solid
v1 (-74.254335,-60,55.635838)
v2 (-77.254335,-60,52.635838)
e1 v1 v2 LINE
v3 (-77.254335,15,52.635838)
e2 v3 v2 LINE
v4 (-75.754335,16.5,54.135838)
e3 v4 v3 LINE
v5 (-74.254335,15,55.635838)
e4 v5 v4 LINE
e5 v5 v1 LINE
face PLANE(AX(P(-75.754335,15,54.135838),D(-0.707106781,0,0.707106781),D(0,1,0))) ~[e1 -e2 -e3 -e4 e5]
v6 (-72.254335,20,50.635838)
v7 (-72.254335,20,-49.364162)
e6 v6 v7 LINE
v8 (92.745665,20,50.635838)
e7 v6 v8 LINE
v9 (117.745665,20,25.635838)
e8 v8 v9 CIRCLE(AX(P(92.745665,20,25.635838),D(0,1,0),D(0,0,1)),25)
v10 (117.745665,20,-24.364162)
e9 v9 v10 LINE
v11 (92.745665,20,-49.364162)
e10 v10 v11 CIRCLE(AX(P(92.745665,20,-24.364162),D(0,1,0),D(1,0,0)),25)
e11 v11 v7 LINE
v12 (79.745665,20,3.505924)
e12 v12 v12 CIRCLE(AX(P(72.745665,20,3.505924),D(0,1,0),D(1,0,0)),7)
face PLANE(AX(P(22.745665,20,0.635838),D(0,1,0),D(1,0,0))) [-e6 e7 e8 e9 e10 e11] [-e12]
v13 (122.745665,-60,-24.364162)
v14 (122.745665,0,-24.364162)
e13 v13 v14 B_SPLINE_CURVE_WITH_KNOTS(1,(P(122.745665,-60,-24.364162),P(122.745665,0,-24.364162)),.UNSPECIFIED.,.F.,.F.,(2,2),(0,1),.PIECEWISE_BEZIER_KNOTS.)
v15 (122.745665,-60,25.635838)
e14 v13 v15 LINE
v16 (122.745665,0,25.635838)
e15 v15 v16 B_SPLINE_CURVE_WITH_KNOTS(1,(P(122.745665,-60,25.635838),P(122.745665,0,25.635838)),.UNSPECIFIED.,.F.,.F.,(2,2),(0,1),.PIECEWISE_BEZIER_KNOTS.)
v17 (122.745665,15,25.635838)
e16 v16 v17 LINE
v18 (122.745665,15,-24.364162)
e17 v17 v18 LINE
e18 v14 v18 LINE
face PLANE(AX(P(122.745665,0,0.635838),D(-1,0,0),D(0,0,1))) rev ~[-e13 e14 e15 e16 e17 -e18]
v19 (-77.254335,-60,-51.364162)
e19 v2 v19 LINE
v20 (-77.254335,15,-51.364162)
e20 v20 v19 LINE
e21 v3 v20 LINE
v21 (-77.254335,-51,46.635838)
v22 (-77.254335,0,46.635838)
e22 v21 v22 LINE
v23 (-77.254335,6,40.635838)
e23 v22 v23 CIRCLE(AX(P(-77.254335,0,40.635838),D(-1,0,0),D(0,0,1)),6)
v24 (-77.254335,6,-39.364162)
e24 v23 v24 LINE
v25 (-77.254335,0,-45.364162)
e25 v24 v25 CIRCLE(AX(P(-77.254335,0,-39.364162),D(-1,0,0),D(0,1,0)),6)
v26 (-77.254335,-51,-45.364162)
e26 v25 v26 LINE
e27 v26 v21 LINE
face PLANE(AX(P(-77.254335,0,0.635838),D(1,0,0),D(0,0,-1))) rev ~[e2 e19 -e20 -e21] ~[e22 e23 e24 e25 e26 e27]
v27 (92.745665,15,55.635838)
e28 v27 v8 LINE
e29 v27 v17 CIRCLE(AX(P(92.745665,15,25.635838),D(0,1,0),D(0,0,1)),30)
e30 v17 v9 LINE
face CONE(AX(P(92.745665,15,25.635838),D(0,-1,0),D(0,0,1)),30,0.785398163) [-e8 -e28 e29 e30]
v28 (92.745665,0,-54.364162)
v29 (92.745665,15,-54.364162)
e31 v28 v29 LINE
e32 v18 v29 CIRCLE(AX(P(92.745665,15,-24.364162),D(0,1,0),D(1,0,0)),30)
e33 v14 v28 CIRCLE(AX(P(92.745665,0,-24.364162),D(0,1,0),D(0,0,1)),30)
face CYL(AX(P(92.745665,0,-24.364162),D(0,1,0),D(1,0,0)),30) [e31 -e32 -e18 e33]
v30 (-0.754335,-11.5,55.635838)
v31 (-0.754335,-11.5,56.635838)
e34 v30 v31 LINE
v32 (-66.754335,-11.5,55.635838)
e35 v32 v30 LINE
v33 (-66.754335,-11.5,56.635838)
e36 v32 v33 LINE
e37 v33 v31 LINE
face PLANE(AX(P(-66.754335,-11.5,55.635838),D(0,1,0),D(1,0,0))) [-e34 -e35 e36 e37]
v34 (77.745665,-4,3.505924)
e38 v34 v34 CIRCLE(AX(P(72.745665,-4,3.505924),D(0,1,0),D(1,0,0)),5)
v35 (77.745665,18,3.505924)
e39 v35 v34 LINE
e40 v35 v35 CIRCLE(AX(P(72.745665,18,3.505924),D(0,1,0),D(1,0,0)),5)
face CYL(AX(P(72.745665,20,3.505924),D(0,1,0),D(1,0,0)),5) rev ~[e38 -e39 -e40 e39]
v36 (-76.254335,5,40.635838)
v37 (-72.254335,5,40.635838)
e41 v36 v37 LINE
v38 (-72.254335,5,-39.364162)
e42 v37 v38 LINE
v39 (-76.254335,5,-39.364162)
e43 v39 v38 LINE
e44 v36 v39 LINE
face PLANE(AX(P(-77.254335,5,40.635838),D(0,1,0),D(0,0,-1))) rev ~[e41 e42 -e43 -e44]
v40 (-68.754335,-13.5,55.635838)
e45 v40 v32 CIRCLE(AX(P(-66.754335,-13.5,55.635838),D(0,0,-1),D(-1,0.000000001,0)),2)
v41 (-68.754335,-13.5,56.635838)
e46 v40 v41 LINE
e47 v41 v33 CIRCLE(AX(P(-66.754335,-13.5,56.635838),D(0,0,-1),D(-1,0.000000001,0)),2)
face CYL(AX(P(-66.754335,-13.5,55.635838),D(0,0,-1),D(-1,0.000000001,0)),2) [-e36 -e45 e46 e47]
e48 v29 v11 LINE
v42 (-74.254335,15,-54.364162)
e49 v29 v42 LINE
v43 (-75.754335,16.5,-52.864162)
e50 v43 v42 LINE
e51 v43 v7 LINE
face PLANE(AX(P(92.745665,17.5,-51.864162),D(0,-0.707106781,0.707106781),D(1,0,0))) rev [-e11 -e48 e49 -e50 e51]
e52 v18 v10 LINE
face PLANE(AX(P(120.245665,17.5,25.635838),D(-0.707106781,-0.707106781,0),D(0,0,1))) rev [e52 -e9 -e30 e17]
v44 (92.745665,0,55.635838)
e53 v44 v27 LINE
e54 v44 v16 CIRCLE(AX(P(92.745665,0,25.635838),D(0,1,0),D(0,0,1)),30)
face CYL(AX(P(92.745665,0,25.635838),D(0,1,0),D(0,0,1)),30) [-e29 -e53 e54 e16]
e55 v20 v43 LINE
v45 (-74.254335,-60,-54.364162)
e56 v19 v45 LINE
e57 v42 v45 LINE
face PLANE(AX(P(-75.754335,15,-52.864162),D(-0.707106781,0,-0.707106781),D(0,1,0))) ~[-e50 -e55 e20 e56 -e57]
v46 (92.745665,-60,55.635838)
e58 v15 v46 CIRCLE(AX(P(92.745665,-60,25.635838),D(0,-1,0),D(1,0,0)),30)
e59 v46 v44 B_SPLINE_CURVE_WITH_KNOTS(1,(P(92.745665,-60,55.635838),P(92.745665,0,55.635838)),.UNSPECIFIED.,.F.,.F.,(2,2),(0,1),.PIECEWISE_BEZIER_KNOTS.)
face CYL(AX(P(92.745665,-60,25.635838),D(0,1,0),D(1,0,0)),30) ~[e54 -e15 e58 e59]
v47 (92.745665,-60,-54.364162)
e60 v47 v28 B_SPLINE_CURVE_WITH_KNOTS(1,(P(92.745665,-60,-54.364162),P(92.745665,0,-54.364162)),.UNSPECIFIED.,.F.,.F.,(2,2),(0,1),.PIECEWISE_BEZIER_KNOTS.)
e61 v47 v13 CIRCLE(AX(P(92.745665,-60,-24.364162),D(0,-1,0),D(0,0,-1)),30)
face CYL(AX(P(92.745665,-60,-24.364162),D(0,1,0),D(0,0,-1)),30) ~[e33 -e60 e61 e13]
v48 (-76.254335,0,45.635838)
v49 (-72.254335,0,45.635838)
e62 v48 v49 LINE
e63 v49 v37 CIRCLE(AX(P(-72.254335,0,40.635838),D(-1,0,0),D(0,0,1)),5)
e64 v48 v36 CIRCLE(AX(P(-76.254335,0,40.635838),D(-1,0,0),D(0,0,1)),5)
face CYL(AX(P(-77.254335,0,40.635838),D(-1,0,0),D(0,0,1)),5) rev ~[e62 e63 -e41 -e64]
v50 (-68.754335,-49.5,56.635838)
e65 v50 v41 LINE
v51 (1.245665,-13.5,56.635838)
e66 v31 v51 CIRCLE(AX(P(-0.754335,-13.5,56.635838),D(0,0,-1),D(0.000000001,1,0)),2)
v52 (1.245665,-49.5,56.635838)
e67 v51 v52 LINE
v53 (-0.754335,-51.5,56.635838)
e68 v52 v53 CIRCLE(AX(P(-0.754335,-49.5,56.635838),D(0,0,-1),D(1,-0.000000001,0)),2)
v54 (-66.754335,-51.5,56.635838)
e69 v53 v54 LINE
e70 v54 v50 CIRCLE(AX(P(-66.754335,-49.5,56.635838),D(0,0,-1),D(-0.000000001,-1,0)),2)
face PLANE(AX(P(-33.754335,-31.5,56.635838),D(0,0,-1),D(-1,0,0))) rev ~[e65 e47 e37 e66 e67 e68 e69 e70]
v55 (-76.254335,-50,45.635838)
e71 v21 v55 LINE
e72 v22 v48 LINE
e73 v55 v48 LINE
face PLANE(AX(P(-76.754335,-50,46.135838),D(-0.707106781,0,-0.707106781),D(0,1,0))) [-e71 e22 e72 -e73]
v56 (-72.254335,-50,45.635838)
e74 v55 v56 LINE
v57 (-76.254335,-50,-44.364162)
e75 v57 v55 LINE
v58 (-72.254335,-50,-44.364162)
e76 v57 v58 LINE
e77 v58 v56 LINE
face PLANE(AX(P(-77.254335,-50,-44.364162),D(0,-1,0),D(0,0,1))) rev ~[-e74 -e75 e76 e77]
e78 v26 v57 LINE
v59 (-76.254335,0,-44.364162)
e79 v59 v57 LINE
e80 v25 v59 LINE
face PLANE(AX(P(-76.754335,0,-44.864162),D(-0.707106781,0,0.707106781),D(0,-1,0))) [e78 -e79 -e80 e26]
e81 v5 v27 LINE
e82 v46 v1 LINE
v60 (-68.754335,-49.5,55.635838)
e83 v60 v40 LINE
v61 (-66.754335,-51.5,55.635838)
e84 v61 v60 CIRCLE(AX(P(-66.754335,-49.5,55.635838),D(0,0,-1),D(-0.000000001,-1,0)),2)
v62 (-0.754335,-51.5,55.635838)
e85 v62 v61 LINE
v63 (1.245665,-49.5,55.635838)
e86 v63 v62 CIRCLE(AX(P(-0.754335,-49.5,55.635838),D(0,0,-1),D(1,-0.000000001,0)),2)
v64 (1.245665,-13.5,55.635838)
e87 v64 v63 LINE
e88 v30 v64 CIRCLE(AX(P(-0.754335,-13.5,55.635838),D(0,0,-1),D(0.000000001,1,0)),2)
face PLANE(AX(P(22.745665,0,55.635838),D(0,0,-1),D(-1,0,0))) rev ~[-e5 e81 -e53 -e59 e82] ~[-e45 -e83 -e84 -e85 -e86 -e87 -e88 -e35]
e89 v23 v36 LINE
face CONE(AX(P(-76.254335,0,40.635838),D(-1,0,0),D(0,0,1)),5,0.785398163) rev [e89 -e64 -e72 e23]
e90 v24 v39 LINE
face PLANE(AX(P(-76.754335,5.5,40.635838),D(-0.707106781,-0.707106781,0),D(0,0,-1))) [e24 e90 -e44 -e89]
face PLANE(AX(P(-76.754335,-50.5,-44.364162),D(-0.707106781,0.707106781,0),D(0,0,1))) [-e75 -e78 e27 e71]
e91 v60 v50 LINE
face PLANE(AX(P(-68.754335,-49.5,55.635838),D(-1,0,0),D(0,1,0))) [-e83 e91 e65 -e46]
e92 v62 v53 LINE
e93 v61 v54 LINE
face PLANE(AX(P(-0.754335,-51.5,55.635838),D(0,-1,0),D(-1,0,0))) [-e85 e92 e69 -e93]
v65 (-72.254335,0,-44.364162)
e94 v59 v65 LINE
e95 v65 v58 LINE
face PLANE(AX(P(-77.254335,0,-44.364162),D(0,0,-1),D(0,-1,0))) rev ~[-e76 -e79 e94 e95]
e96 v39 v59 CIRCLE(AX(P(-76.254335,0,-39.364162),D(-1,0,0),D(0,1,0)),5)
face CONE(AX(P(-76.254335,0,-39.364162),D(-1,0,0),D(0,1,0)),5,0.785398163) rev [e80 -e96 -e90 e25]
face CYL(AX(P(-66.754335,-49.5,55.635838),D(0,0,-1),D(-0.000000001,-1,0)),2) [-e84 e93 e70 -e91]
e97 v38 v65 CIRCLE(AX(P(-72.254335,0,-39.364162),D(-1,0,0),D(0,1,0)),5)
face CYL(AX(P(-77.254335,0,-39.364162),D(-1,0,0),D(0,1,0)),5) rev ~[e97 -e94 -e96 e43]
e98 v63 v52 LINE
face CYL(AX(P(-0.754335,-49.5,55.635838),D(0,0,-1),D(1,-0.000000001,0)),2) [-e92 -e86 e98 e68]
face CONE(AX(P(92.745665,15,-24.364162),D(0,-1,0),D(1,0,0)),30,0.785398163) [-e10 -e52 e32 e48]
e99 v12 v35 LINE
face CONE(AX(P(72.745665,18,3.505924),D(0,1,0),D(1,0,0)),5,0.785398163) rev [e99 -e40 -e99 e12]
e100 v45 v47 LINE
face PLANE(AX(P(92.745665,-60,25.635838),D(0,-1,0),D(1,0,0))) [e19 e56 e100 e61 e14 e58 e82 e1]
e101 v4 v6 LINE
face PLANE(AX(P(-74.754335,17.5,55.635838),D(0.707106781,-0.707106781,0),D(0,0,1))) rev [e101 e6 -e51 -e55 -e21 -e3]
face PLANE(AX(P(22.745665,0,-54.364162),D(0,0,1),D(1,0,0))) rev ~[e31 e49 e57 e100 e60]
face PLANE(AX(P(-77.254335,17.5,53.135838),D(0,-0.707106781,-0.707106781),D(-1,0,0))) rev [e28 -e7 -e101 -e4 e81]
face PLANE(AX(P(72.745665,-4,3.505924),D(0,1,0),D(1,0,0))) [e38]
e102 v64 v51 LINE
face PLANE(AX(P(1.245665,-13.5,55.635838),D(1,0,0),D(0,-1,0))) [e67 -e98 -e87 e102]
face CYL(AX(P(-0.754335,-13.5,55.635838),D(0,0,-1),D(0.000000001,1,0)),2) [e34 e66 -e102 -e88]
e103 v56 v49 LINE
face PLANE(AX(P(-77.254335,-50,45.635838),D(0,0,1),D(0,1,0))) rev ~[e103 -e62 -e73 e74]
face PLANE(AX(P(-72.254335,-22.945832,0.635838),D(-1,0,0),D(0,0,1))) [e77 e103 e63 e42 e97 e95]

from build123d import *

# Parameters (mm, degrees)
SKETCH1_W           = 200
SKETCH1_H           = 110
BOSS_EXTRUDE1_DEPTH = 20
FILLET2_R           = 30
SKETCH2_R           = 5
CUT_EXTRUDE1_DEPTH  = 24
CHAMFER1_SIZE       = 5
BOSS_EXTRUDE2_DEPTH = 1
CUT_EXTRUDE2_DEPTH  = 5
CHAMFER2_SIZE       = 1
CHAMFER3_SIZE       = 2
CHAMFER4_SIZE       = 3


with BuildPart() as part:
    # Sketch1 → Boss-Extrude1 (new body)
    with BuildSketch(Plane(origin=(0, 0, 0), x_dir=(1, 0, 0), z_dir=(0, 1, 0))):
        with Locations((22.74566474, -0.63583815)):
            Rectangle(SKETCH1_W, SKETCH1_H)
    extrude(amount=BOSS_EXTRUDE1_DEPTH)

    # Fillet2
    fillet2_edges = [part.edges().sort_by_distance(p)[0] for p in [
        (122.74566474, 10, -54.36416185),
        (122.74566474, 10, 55.63583815),
    ]]
    fillet(fillet2_edges, radius=FILLET2_R)

    # Sketch4 → section 0 of loft1
    with BuildSketch(Plane(origin=(0, -60, 0), x_dir=(-1, 0, 0), z_dir=(0, -1, 0)), mode=Mode.PRIVATE) as loft1_s0:
        with BuildLine():
            Line((-122.74566474, 24.36416185), (-122.74566474, -25.63583815))
            ThreePointArc((-122.74566474, -25.63583815), (-113.958868175, -46.849041586), (-92.74566474, -55.63583815))
            Line((-92.74566474, -55.63583815), (77.25433526, -55.63583815))
            Line((77.25433526, -55.63583815), (77.25433526, 54.36416185))
            Line((77.25433526, 54.36416185), (-92.74566474, 54.36416185))
            ThreePointArc((-92.74566474, 54.36416185), (-113.958868175, 45.577365285), (-122.74566474, 24.36416185))
        make_face()
    # loft up to a face of the part (loft1)
    loft([loft1_s0.sketch, part.faces().sort_by_distance((21.078212912, 0, 0.63583815))[0]])

    # Sketch2 → Cut-Extrude1 (cut)
    with BuildSketch(Plane(origin=(0, 20, 0), x_dir=(1, 0, 0), z_dir=(0, 1, 0))):
        with Locations((72.74566474, -3.505923633)):
            Circle(SKETCH2_R)
    extrude(amount=-CUT_EXTRUDE1_DEPTH, mode=Mode.SUBTRACT)

    # Chamfer1
    chamfer1_edges = [part.edges().sort_by_distance(p)[0] for p in [
        (113.958868175, 20, 46.849041586),
        (7.74566474, 20, 55.63583815),
        (-77.25433526, 20, 0.63583815),
        (7.74566474, 20, -54.36416185),
        (113.958868175, 20, -45.577365285),
        (122.74566474, 20, 0.63583815),
    ]]
    chamfer(chamfer1_edges, length=CHAMFER1_SIZE)

    # Sketch5 → Boss-Extrude2 (add)
    with BuildSketch(Plane.XY.offset(55.63583815)):
        with BuildLine():
            ThreePointArc((-68.75433526, -13.5), (-68.168548822, -12.085786438), (-66.75433526, -11.5))
            Line((-66.75433526, -11.5), (-0.75433526, -11.5))
            ThreePointArc((-0.75433526, -11.5), (0.659878302, -12.085786438), (1.24566474, -13.5))
            Line((1.24566474, -13.5), (1.24566474, -49.5))
            ThreePointArc((1.24566474, -49.5), (0.659878302, -50.914213562), (-0.75433526, -51.5))
            Line((-0.75433526, -51.5), (-66.75433526, -51.5))
            ThreePointArc((-66.75433526, -51.5), (-68.168548822, -50.914213562), (-68.75433526, -49.5))
            Line((-68.75433526, -49.5), (-68.75433526, -13.5))
        make_face()
    extrude(amount=BOSS_EXTRUDE2_DEPTH)

    # Sketch6 → Cut-Extrude2 (cut)
    with BuildSketch(Plane.ZY.offset(77.25433526)):
        with BuildLine():
            Line((40.63583815, 5), (-39.36416185, 5))
            ThreePointArc((-39.36416185, 5), (-42.899695756, 3.535533906), (-44.36416185, 0))
            Line((-44.36416185, 0), (-44.36416185, -50))
            Line((-44.36416185, -50), (45.63583815, -50))
            Line((45.63583815, -50), (45.63583815, 0))
            ThreePointArc((45.63583815, 0), (44.171372056, 3.535533906), (40.63583815, 5))
        make_face()
    extrude(amount=-CUT_EXTRUDE2_DEPTH, mode=Mode.SUBTRACT)

    # Chamfer2
    chamfer2_edges = [part.edges().sort_by_distance(p)[0] for p in [
        (-77.25433526, 3.535533906, 44.171372056),
        (-77.25433526, 5, 0.63583815),
        (-77.25433526, 3.535533906, -42.899695756),
        (-77.25433526, -25, -44.36416185),
        (-77.25433526, -50, 0.63583815),
        (-77.25433526, -25, 45.63583815),
    ]]
    chamfer(chamfer2_edges, length=CHAMFER2_SIZE)

    # Chamfer3
    chamfer3_edges = [part.edges().sort_by_distance(p)[0] for p in [
        (67.74566474, 20, 3.505923633),
    ]]
    chamfer(chamfer3_edges, length=CHAMFER3_SIZE)

    # Chamfer4
    chamfer4_edges = [part.edges().sort_by_distance(p)[0] for p in [
        (-77.25433526, -22.5, 55.63583815),
        (-77.25433526, -22.5, 55.63583815),
        (-77.25433526, -22.5, -54.36416185),
        (-77.25433526, -22.5, -54.36416185),
    ]]
    chamfer(chamfer4_edges, length=CHAMFER4_SIZE)


solid = part.part
